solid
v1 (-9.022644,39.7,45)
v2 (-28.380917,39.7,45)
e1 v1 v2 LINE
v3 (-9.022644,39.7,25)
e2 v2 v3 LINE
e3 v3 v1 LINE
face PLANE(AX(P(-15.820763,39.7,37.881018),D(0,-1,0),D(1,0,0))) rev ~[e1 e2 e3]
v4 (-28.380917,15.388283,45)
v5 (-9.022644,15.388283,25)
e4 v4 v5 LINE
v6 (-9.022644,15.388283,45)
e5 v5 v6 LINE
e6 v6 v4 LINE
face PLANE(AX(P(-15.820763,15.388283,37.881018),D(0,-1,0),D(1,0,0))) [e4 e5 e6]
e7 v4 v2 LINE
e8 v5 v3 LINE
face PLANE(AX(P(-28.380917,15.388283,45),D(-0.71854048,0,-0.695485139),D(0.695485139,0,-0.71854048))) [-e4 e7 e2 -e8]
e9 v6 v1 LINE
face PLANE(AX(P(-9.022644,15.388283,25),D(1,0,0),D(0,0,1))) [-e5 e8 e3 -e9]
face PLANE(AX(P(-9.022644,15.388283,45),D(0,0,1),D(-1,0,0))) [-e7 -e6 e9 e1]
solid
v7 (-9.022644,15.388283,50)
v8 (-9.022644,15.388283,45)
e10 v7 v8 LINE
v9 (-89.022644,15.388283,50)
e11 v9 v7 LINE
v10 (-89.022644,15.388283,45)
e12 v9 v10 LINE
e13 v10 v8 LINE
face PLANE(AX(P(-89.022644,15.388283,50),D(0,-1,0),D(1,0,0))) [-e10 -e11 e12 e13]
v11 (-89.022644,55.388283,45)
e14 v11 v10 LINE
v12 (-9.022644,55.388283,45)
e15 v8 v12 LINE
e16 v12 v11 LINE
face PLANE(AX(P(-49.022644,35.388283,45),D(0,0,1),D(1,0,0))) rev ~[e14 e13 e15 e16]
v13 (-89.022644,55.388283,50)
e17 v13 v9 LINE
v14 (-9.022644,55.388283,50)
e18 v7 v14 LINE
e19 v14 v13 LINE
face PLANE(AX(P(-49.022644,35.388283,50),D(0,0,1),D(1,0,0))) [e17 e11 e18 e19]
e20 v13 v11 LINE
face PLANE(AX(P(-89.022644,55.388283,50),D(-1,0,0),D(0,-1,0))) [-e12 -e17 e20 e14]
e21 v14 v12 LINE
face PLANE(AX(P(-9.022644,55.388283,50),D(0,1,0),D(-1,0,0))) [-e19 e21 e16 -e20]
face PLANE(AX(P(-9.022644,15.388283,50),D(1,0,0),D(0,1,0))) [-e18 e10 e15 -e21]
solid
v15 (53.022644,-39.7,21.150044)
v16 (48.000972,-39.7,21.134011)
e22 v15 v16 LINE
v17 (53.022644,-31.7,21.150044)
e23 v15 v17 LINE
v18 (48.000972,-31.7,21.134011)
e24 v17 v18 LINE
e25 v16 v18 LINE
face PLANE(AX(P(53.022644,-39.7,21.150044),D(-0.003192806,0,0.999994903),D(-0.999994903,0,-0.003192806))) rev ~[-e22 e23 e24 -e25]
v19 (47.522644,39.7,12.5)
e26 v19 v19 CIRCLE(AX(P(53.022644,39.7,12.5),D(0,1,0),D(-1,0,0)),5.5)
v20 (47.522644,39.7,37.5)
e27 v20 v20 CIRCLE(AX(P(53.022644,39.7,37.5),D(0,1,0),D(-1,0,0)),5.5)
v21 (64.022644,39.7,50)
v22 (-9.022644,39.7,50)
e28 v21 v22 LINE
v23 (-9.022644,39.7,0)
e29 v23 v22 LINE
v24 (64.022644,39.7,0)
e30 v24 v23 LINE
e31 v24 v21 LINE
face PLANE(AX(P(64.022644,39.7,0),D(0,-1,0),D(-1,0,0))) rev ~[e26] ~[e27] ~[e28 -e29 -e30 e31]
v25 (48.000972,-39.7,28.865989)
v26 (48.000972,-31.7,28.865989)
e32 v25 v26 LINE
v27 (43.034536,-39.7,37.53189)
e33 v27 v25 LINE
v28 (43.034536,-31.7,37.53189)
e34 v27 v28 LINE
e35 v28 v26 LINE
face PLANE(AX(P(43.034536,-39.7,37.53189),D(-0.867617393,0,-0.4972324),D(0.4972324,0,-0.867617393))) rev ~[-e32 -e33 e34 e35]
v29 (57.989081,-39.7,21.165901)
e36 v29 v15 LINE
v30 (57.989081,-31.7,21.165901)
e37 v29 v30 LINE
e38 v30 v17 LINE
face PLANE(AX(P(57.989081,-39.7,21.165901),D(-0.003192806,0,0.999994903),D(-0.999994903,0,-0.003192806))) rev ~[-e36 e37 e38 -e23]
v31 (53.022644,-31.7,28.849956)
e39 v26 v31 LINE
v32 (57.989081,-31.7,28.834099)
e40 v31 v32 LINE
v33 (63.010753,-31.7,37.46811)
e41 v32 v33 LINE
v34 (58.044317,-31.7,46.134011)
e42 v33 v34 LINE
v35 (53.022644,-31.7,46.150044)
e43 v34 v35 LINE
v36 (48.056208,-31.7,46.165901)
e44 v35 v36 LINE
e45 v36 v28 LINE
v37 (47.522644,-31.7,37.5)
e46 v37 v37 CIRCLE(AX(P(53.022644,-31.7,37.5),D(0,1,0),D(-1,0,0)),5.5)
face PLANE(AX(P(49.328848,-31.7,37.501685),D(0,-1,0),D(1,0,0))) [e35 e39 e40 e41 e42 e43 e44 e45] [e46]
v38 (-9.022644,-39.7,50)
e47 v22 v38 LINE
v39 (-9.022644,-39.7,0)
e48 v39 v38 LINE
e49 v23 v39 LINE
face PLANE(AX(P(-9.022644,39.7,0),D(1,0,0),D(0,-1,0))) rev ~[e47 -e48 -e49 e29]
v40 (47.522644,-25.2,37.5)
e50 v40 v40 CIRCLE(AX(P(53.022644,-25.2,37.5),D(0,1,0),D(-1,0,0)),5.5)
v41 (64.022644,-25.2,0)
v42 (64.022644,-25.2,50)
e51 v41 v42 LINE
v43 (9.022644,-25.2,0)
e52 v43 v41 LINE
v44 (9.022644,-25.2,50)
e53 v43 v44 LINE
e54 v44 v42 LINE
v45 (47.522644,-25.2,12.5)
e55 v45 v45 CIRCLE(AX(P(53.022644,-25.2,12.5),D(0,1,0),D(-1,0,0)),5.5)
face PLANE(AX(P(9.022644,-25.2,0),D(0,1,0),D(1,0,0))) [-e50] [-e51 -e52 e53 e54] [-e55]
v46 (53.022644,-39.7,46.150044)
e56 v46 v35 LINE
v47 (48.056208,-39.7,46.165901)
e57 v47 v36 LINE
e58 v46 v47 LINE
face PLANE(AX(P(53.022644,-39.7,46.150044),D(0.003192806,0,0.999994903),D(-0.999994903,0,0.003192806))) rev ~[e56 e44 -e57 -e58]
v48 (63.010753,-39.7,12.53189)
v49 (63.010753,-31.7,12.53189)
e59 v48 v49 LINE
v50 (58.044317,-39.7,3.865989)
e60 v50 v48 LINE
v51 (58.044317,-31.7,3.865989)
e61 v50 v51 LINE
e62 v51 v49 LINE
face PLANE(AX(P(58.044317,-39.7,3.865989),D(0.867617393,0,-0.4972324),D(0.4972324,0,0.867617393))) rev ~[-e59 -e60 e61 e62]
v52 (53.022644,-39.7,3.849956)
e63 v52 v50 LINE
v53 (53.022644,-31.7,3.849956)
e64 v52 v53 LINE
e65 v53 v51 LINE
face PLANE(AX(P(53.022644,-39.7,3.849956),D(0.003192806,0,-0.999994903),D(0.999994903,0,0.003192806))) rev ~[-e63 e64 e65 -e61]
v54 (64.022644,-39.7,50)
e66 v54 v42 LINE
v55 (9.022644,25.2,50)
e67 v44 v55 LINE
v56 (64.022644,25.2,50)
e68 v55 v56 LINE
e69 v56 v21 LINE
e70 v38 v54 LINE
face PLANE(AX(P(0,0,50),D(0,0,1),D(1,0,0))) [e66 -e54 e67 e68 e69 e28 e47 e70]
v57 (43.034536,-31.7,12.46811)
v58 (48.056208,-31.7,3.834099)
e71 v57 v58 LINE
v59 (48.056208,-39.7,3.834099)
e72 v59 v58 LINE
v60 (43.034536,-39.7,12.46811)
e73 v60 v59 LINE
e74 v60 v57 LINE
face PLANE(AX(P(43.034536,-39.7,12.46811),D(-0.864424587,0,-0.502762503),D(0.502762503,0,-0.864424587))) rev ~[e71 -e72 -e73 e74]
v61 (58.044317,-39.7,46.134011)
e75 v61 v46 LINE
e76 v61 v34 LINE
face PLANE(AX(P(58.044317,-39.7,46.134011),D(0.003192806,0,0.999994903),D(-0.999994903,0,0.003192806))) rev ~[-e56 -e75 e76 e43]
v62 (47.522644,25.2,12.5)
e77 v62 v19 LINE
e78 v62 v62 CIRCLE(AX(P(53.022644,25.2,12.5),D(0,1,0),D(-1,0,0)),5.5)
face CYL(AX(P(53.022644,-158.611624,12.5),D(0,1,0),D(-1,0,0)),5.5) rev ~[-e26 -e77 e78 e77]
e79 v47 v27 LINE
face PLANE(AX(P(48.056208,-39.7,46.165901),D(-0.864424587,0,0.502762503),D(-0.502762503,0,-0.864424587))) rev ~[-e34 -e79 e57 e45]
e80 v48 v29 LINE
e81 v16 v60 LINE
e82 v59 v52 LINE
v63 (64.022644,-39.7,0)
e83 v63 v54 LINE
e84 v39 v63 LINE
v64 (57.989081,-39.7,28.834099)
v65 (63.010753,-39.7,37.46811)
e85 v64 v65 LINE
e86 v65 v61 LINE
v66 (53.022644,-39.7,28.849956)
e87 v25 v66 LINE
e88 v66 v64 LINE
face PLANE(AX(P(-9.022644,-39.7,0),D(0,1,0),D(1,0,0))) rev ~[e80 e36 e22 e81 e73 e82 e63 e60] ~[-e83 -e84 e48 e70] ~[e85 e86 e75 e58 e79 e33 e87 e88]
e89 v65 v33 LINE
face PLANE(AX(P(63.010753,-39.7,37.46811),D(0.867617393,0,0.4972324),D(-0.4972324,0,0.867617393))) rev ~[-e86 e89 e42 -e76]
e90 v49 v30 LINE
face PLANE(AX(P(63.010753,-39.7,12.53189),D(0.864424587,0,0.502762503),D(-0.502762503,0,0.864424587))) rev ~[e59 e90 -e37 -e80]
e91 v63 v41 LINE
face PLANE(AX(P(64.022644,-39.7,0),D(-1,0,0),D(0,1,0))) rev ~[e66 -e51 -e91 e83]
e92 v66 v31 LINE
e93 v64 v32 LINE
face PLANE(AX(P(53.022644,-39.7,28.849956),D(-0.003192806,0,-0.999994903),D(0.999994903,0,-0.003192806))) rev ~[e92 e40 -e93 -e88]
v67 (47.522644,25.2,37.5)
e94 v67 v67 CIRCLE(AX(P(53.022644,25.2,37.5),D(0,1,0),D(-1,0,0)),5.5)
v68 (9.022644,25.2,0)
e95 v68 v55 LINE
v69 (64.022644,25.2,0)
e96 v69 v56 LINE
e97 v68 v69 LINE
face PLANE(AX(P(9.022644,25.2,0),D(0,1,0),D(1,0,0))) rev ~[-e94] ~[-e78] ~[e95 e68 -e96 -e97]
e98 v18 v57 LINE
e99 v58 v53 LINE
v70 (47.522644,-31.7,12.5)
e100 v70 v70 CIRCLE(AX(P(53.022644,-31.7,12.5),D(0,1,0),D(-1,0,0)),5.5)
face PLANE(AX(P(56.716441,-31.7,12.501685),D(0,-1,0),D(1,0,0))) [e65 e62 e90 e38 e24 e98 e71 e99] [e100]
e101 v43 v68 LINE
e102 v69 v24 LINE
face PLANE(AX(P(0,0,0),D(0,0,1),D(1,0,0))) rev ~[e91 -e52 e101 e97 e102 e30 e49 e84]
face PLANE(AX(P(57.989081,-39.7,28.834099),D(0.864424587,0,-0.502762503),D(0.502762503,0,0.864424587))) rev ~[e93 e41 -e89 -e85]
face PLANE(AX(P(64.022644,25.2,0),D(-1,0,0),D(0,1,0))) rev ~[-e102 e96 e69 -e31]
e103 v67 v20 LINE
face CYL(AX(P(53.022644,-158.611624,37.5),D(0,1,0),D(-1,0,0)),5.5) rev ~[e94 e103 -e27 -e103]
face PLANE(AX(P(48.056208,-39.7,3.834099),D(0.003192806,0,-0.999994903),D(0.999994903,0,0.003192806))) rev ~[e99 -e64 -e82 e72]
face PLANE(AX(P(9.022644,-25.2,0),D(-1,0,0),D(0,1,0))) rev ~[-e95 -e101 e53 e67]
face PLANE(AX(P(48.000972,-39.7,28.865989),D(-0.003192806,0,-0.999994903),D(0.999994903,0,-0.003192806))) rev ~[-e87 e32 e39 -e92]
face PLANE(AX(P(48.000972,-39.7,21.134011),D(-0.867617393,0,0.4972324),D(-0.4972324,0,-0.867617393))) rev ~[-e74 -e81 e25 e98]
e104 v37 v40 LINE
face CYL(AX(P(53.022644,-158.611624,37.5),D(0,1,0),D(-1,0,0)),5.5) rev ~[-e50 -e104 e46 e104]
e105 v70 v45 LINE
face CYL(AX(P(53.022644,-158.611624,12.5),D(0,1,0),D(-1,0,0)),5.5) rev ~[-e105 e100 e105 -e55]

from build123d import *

# Parameters (mm, degrees)
F0_W     = 55
F0_H     = 14.5
F1_DEPTH = 50
F3_D     = 11
F5_DEPTH = 5
F7_START = -55.0882827309
F7_DEPTH = 24.3117172691
F8_DEPTH = 8


with BuildPart() as f1:
    # F0 (on Top) → F1 (new body)
    with BuildSketch(Plane.XY):
        Polygon((9.0226443761, 25.2), (9.0226443761, 39.7), (-9.0226443761, 39.7), (-9.0226443761, -39.7), (9.0226443761, -39.7), (9.0226443761, -25.2), align=None)
        with Locations((36.5226443761, 32.45)):
            Rectangle(F0_W, F0_H)
        with Locations((36.5226443761, -32.45)):
            Rectangle(F0_W, F0_H)
    extrude(amount=F1_DEPTH)

    # F3 (through all)
    with Locations(Plane.XZ.offset(39.7)):
        with Locations((53.0226443761, 37.5), (53.0226443761, 12.5)):
            Hole(F3_D / 2)

    # F2 (on face) → F8 (cut)
    with BuildSketch(Plane.XZ.offset(39.7)):
        Polygon((48.0009722306, 28.8659892172), (53.0226443761, 28.8499559106), (53.0226443761, 46.1500440894), (48.0562077744, 46.1659010388), (43.0345356289, 37.5318902561), align=None)
        Polygon((53.0226443761, 46.1500440894), (53.0226443761, 28.8499559106), (57.9890809777, 28.8340989612), (63.0107531232, 37.4681097439), (58.0443165215, 46.1340107828), align=None)
        Polygon((57.9890809777, 21.1659010388), (53.0226443761, 21.1500440894), (53.0226443761, 3.8499559106), (58.0443165215, 3.8659892172), (63.0107531232, 12.5318902561), align=None)
        Polygon((53.0226443761, 3.8499559106), (53.0226443761, 21.1500440894), (48.0009722306, 21.1340107827), (43.0345356289, 12.4681097439), (48.0562077744, 3.8340989612), align=None)
    extrude(amount=-F8_DEPTH, mode=Mode.SUBTRACT)


with BuildPart() as f5:
    # F4 (on face) → F5 (new body)
    with BuildSketch(Plane.XY.offset(50)):
        Polygon((-89.0226443761, 15.3882827309), (-9.0226443761, 15.3882827309), (-9.0226443761, 39.7), (-9.0226443761, 55.3882827309), (-89.0226443761, 55.3882827309), align=None)
    extrude(amount=-F5_DEPTH)


with BuildPart() as f7:
    # F6 (on face) → F7 (new body)
    with BuildSketch(Plane.XZ.offset(39.7).offset(F7_START)):
        Polygon((-9.0226443761, 25), (-9.0226443761, 45), (-28.3809173852, 45), align=None)
    extrude(amount=-F7_DEPTH)


solid = Compound([f1.part, f5.part, f7.part])
